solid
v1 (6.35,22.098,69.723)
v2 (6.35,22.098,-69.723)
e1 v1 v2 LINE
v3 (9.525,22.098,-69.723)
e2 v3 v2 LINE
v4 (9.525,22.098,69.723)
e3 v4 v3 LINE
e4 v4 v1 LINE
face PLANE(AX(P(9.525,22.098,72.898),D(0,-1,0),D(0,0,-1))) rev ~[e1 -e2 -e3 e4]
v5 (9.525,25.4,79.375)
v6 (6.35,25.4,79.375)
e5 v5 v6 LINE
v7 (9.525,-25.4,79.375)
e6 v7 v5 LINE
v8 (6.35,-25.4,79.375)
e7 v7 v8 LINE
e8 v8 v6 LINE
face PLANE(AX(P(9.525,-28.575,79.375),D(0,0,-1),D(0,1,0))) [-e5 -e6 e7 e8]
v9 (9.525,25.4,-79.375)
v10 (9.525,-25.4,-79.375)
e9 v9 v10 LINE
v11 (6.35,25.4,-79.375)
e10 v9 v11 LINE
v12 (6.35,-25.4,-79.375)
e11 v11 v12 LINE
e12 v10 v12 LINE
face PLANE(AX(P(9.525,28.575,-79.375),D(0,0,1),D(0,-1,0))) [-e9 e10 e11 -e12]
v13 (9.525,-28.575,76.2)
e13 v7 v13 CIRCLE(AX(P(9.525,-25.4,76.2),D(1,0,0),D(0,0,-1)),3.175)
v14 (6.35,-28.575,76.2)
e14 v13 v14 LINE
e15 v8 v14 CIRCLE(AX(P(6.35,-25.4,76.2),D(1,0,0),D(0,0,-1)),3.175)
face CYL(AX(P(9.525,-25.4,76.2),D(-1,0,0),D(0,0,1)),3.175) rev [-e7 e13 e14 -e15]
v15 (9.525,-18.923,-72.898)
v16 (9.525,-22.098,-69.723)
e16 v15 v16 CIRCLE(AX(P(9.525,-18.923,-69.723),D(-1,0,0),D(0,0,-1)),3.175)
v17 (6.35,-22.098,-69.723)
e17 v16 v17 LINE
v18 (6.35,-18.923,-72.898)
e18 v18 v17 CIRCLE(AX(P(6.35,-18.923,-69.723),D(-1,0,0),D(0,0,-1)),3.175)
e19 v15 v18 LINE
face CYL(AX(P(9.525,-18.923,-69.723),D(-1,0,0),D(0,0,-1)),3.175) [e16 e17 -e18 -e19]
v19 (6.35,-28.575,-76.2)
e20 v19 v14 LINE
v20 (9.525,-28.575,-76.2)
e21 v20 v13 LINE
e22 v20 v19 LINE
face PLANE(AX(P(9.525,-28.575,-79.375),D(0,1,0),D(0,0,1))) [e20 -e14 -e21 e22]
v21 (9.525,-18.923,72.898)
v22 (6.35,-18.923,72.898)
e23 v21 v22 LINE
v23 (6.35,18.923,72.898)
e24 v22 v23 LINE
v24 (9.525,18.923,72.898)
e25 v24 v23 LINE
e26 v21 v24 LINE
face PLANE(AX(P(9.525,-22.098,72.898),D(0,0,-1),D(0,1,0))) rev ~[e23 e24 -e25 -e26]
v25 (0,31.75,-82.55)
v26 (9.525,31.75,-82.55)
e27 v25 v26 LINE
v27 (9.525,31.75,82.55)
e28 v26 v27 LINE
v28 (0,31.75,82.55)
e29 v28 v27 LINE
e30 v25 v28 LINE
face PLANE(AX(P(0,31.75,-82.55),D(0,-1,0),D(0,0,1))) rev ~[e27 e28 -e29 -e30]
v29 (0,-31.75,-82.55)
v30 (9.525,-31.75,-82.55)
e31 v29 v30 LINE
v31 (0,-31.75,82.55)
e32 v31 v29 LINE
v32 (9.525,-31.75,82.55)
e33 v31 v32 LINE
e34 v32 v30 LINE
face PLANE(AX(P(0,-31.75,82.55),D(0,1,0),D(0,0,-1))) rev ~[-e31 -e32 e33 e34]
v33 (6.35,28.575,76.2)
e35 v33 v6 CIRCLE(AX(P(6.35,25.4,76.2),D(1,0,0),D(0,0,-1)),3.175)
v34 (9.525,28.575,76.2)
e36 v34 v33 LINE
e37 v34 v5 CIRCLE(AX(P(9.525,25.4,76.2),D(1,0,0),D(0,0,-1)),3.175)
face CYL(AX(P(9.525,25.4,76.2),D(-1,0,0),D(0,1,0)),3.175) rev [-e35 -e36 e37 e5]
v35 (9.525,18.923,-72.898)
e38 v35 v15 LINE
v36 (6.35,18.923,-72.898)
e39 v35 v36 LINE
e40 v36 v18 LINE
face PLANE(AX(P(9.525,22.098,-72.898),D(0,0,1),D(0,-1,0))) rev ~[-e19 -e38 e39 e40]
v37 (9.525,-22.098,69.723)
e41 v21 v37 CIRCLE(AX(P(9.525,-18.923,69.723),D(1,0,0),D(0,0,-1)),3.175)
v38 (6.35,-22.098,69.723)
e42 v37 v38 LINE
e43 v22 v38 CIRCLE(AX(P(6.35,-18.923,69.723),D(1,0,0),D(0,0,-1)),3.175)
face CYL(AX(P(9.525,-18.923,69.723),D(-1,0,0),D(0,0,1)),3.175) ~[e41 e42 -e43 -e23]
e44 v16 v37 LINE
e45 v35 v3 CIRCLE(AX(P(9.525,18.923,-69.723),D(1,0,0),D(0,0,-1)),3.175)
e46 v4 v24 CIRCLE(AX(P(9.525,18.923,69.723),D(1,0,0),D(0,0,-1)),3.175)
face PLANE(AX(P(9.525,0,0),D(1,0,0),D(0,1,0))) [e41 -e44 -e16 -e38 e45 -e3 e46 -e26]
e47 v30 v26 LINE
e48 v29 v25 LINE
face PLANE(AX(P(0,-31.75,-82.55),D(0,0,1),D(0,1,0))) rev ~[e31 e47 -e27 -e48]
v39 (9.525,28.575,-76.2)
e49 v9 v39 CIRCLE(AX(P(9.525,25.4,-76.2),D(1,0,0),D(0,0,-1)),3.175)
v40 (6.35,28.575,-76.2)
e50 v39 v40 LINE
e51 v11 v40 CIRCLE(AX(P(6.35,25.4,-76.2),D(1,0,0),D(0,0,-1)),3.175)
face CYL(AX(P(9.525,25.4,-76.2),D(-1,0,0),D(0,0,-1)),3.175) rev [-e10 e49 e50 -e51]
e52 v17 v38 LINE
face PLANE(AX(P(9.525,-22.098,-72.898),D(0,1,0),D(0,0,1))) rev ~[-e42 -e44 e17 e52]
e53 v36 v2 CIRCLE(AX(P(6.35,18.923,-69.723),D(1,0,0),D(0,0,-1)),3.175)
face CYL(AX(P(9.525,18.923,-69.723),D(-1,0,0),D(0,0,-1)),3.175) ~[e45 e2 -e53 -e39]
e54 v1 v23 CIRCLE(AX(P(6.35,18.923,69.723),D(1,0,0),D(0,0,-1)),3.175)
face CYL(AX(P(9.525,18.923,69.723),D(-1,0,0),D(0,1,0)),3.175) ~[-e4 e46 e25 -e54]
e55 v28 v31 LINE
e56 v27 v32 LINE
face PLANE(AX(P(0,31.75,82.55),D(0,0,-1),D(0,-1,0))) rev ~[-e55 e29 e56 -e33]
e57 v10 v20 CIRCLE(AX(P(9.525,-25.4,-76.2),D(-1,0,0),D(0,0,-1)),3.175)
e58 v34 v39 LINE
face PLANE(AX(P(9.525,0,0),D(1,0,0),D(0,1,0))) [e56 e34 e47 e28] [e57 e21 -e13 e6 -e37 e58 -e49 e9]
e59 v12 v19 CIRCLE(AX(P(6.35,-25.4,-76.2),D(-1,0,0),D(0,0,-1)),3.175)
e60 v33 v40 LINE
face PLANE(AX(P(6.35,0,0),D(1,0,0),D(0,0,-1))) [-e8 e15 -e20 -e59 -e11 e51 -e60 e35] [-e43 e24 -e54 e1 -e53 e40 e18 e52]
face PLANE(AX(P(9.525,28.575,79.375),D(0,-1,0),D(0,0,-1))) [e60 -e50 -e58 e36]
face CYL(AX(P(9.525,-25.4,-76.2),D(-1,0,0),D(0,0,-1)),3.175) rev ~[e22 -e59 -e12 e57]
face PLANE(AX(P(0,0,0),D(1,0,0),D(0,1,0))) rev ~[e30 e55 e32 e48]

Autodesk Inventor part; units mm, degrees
ref_plane "YZ Plane" through (0, 0, 0) normal (1, 0, 0) x (0, 1, 0)
ref_plane "XZ Plane" through (0, 0, 0) normal (0, 1, 0) x (-1, 0, 0)
ref_plane "XY Plane" through (0, 0, 0) normal (0, 0, 1) x (1, 0, 0)
sketch "Sketch1" plane through (0, 0, 0) normal (1, 0, 0) x (0, 1, 0)
  line L0 (31.75, 82.55) -> (-31.75, 82.55)
  line L1 (-31.75, 82.55) -> (-31.75, -82.55)
  line L2 (-31.75, -82.55) -> (31.75, -82.55)
  line L3 (31.75, -82.55) -> (31.75, 82.55)
  point P0 (0, 0)
  point P1 (31.75, 0)
  point P2 (0, 82.55)
  dimension "d0" = 165.1
  dimension "d1" = 63.5
extrude "Extrusion1" add sketch "Sketch1" along normal blind 9.525
sketch "Sketch3" plane through (9.525, 0, 0) normal (1, 0, 0) x (0, 0, -1)
  line L0 (72.898, -22.098) -> (-72.898, -22.098)
  line L1 (-72.898, -22.098) -> (-72.898, 22.098)
  line L2 (-72.898, 22.098) -> (72.898, 22.098)
  line L3 (72.898, 22.098) -> (72.898, -22.098)
  line L4 (72.898, -22.098) -> (-72.898, 22.098) construction
  line L5 (-72.898, -22.098) -> (72.898, 22.098) construction
  line L6 (79.375, -28.575) -> (-79.375, -28.575)
  line L7 (-79.375, -28.575) -> (-79.375, 28.575)
  line L8 (-79.375, 28.575) -> (79.375, 28.575)
  line L9 (79.375, 28.575) -> (79.375, -28.575)
  line L10 (79.375, -28.575) -> (-79.375, 28.575) construction
  line L11 (-79.375, -28.575) -> (79.375, 28.575) construction
  point P0 (0, 0)
  point P1 (0, 0)
  point P2 (0, 0)
  dimension "d16" = 145.796
  dimension "d17" = 44.196
  dimension "d18" = 6.477
  dimension "d19" = 6.477
extrude "Extrusion3" cut sketch "Sketch3" against normal blind 3.175
fillet "Fillet1" radius 3.175 8 edges at (7.9375, -28.575, 79.375) (7.9375, 28.575, 79.375) (7.9375, 28.575, -79.375) (7.9375, -28.575, -79.375) (7.9375, -22.098, 72.898) (7.9375, 22.098, 72.898) (7.9375, 22.098, -72.898) (7.9375, -22.098, -72.898)
equation "\"d0\" = tubeWidth + 2 * plateOverhang"
equation "\"d1\" = tubeHeight + 2 * plateOverhang"
equation "\"d2\" = blankCapThickness"
equation "\"d16\" = -2 * tubeWallThickness + tubeWidth - 2 * tubePlateClearance"
equation "\"d17\" = -2 * tubeWallThickness + tubeHeight - 2 * tubePlateClearance"
equation "\"d18\" = tubeWallThickness + tubePlateClearance + moatWidth"
equation "\"d19\" = tubeWallThickness + tubePlateClearance + moatWidth"
equation "\"d12\" = moatDepth"
equation "\"tubeHeight\" = 50.8"
equation "\"tubeWidth\" = 152.4"
equation "\"tubeLength\" = 304.8"
equation "\"tubeWallThickness\" = 3.175"
equation "\"plateOverhang\" = 6.35"
equation "\"moatWidth\" = 3.175"
equation "\"tubePlateClearance\" = 0.127"
equation "\"moatDepth\" = 3.175"
equation "\"blankCapThickness\" = 9.525"
equation "\"fiberClearance\" = 0"
equation "\"oRingID\" = 22.2504"
equation "\"fiberDiameter\" = 1"
equation "\"sensorHolderThickness\" = 12.7"
equation "\"oRingGrooveWidth\" = 2.54"
equation "\"longHoleSpacing\" = 30.48"
equation "\"sensorHolderDiameter\" = 50.8"
equation "\"shortHoleSpacing\" = 21.59"
equation "\"glassTubeClearance\" = 0.19844"
equation "\"glassTubeDiameter\" = 12.7"
equation "\"sensorCapThickness\" = 12.7"
equation "\"oRingGrooveDepth\" = 1.2446"
equation "\"glassTubeID\" = 7.874"
equation "\"glassTubeLength\" = 279.4"
equation "\"sensorBoardHoleSpacing\" = 19"
properties part number "plateEnd" material "Aluminum 6061"
